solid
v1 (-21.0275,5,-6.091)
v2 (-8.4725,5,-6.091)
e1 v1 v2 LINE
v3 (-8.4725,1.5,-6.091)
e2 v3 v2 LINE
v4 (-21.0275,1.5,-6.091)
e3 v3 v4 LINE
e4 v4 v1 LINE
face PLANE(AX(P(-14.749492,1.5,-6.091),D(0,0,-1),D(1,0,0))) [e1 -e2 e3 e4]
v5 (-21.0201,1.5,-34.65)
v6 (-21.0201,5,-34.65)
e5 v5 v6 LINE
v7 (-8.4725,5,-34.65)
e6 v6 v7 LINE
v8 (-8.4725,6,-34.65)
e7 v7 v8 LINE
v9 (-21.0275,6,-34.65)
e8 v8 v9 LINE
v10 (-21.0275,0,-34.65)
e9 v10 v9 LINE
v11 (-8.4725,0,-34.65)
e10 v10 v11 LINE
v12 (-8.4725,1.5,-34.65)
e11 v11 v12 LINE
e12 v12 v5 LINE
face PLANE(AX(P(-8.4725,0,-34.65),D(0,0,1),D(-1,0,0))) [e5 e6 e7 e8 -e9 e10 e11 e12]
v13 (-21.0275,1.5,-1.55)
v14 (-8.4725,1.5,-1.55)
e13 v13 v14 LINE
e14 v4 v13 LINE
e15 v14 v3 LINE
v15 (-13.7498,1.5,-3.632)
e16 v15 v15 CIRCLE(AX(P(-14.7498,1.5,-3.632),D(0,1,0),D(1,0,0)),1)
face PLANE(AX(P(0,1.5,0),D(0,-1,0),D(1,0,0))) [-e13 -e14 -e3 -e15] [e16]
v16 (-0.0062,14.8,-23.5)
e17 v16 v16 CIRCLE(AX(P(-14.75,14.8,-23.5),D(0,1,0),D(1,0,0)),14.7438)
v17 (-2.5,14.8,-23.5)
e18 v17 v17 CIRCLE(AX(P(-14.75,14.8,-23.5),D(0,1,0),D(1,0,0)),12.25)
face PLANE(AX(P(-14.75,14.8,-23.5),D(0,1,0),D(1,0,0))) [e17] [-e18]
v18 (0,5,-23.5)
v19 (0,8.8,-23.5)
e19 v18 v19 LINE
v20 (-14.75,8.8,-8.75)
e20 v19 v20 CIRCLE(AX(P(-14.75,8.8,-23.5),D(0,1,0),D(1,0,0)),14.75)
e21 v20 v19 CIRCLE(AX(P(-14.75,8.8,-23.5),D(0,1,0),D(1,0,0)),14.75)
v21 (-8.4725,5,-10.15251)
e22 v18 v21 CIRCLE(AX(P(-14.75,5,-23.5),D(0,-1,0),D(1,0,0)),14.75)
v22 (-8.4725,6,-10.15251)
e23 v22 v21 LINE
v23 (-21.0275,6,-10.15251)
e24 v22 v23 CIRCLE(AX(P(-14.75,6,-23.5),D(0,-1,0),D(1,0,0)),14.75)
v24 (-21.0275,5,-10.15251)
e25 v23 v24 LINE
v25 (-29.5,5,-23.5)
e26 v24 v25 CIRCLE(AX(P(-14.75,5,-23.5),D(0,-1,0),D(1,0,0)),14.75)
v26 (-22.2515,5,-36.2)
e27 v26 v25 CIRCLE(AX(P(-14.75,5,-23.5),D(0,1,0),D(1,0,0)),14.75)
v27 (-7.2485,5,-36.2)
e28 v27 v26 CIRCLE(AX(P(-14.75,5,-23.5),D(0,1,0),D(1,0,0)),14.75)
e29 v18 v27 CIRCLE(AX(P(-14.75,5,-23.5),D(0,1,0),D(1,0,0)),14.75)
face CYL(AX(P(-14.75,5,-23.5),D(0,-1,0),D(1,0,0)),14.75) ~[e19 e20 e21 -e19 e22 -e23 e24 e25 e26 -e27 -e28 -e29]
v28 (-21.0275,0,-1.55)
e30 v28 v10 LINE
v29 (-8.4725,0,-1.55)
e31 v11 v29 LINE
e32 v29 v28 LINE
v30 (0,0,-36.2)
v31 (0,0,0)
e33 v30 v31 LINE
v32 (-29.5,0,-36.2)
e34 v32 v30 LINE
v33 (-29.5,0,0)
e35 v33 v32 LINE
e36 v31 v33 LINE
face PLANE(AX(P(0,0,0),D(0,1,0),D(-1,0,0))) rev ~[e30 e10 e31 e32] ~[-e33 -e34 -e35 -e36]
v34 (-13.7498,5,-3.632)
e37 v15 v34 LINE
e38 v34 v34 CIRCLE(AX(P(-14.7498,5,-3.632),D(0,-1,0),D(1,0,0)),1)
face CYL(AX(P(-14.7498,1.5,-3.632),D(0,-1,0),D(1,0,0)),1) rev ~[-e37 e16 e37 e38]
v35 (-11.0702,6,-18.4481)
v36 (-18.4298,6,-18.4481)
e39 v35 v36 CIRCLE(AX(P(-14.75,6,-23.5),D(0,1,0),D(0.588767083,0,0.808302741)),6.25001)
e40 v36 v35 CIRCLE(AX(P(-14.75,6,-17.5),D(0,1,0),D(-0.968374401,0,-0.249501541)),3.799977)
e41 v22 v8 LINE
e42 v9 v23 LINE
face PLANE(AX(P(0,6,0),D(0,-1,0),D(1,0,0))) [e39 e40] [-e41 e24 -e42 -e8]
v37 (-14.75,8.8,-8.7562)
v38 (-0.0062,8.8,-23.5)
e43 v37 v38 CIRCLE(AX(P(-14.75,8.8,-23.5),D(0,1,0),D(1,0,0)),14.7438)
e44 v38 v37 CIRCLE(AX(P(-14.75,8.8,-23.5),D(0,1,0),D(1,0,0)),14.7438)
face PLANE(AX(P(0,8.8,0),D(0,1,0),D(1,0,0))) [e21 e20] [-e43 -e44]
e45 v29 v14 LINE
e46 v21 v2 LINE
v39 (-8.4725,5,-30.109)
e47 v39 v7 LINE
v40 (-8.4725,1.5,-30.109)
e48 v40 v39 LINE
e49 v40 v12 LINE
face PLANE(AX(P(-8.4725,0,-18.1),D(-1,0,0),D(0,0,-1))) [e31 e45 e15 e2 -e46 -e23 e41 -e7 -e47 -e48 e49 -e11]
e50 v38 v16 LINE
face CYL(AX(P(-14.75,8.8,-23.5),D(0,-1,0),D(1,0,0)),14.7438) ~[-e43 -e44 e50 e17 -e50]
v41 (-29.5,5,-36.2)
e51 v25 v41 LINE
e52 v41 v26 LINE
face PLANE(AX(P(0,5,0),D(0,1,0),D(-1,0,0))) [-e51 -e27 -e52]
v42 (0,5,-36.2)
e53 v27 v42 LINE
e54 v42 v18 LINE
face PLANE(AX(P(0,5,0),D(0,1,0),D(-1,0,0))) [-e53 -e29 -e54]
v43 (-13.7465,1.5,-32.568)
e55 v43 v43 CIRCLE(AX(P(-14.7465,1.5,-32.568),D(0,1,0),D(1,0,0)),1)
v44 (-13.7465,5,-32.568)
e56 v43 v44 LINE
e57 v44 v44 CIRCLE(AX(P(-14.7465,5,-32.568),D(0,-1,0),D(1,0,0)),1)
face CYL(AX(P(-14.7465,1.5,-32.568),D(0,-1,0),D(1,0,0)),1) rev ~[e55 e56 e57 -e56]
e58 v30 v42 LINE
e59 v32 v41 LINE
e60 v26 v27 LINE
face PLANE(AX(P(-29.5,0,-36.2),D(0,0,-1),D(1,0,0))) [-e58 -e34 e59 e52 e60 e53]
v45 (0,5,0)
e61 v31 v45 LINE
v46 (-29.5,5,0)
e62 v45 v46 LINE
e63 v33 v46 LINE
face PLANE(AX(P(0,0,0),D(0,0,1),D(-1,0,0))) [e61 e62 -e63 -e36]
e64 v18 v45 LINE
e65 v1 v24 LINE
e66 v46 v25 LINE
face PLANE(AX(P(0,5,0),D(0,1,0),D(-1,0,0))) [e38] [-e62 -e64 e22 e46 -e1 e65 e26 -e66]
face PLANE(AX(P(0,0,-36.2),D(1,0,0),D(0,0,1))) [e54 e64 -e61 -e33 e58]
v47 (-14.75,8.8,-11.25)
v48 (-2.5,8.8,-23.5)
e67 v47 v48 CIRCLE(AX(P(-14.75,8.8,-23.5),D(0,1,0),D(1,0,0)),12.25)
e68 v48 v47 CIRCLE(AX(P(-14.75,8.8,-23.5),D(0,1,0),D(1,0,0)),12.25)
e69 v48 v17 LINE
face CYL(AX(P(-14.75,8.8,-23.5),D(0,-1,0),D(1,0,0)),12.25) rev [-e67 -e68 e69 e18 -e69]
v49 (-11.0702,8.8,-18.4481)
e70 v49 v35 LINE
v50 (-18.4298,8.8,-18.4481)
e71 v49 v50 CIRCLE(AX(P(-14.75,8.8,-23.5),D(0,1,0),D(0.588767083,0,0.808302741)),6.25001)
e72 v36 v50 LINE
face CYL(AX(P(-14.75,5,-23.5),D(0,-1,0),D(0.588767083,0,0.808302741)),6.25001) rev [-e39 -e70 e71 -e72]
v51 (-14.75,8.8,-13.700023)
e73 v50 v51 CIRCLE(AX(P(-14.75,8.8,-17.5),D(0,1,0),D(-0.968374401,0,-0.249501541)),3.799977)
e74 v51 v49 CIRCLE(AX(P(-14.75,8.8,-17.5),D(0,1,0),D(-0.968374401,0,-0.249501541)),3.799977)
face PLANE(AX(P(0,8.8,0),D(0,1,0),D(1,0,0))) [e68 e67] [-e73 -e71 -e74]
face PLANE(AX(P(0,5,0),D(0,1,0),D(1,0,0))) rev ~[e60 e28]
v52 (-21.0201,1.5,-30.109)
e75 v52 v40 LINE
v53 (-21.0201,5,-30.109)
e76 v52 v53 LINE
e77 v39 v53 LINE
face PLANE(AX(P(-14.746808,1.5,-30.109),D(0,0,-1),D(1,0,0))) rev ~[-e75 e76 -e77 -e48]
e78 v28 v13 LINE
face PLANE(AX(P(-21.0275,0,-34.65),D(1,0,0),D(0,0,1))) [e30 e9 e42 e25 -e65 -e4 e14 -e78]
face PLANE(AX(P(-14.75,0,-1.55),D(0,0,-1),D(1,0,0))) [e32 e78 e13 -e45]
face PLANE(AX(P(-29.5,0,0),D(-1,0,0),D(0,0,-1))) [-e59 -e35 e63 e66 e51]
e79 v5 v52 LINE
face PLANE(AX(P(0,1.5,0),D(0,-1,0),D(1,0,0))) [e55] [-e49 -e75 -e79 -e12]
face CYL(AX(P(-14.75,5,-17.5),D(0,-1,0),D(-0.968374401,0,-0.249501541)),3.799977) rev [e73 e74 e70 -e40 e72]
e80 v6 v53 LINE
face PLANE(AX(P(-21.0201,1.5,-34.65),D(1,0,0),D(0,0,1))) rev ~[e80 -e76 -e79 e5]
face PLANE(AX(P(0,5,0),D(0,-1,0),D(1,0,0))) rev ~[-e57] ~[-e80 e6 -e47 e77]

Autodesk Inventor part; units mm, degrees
ref_plane "YZ Plane" through (0, 0, 0) normal (1, 0, 0) x (0, 1, 0)
ref_plane "XZ Plane" through (0, 0, 0) normal (0, 1, 0) x (-1, 0, 0)
sketch "Sketch1" plane through (0, 0, 0) normal (0, 1, 0) x (-1, 0, 0)
  line L0 (0, 0) -> (29.5, 0)
  line L1 (29.5, 0) -> (29.5, -36.2)
  line L2 (29.5, -36.2) -> (0, -36.2)
  line L3 (0, -36.2) -> (0, 0)
  dimension "d0" = 29.5
  dimension "d1" = 36.2
extrude "Extrusion1" add sketch "Sketch1" along normal blind 5
sketch "Sketch2" plane through (0, 5, 0) normal (0, 1, 0) x (1, 0, 0)
  line L0 (-29.5, 0) -> (0, 0) projected
  line L1 (-14.75, 0) -> (-14.75, 17.5)
  arc A0 (-18.4298, 18.4481) -> (-11.0702, 18.4481) centre (-14.75, 17.5) ccw
  line L2 (-14.75, 17.5) -> (-14.75, 23.5)
  arc A1 (-11.0702, 18.4481) -> (-18.4298, 18.4481) centre (-14.75, 23.5) ccw
  circle A2 centre (-14.75, 23.5) radius 12.175
  circle A3 centre (-14.75, 23.5) radius 14.75
  dimension "d4" = 17.5
  dimension "d5" = 7.6
  dimension "d6" = 6
  dimension "d7" = 12.5
  dimension "d8" = 24.35
  dimension "d9" = 29.5
extrude "Extrusion2" add sketch "Sketch2" along normal blind 3.8 contours A2 | A3
sketch "Sketch4" plane through (-14.75, 8.8, -23.5) normal (0, 1, 0) x (1, 0, 0)
  circle A0 centre (0, 0) radius 12.25
  circle A1 centre (0, 0) radius 14.7438
  point P0 (14.75, -23.5)
  dimension "d12" = 24.5
extrude "Extrusion3" add sketch "Sketch4" along normal blind 6
sketch "Sketch5" plane through (-14.75, 8.8, -23.5) normal (0, 1, 0) x (1, 0, 0)
  arc A0 (-3.6798, -5.0519) -> (3.6798, -5.0519) centre (0, -6) ccw projected
  arc A1 (3.6798, -5.0519) -> (-3.6798, -5.0519) centre (0, 0) ccw projected
  point P0 (14.75, -23.5)
extrude "Extrusion4" cut sketch "Sketch5" against normal up to surface (8.8 mm away)
sketch "Sketch6" plane through (0, 0, 0) normal (0, -1, 0) x (1, 0, 0)
  arc A0 (-11.0702, -18.4481) -> (-18.4298, -18.4481) centre (-14.75, -17.5) ccw projected
  arc A1 (-18.4298, -18.4481) -> (-11.0702, -18.4481) centre (-14.75, -23.5) ccw projected
  line L0 (0, 0) -> (-29.5, 0) projected
  line L1 (-29.5, 0) -> (-29.5, -36.2) projected
  line L2 (-29.5, -36.2) -> (0, -36.2) projected
  line L3 (0, -36.2) -> (0, 0) projected
  line L4 (-14.75, 0) -> (-14.75, -36.2)
  line L5 (0, -36.2) -> (0, 0) projected
  line L6 (0, -18.1) -> (-29.5, -18.1)
  line L7 (-21.0275, -1.55) -> (-8.4725, -1.55)
  line L8 (-8.4725, -1.55) -> (-8.4725, -34.65)
  line L9 (-8.4725, -34.65) -> (-21.0275, -34.65)
  line L10 (-21.0275, -34.65) -> (-21.0275, -1.55)
  line L11 (-21.0275, -1.55) -> (-8.4725, -34.65) construction
  line L12 (-8.4725, -1.55) -> (-21.0275, -34.65) construction
  point P0 (-14.75, -18.1)
  dimension "d17" = 12.555
  dimension "d18" = 33.1
extrude "Extrusion5" cut sketch "Sketch6" against normal blind 6 contours A0 L6 L8 L9 L4 A1 | A0 L4 L7 L8 L6 | L4 L9 L10 L6 A0 A1 | A0 L6 L10 L7 L4
ref_plane "Work Plane1" through (0, 1.5, 0) normal (0, -1, 0) x (1, 0, 0)
sketch "Sketch7" plane through (0, 1.5, 0) normal (0, -1, 0) x (1, 0, 0)
  line L0 (-8.4725, -1.55) -> (-8.4725, -34.65) projected
  line L1 (-8.4725, -34.65) -> (-21.0275, -34.65) projected
  line L2 (-21.0275, -1.55) -> (-8.4725, -1.55) projected
  line L3 (-21.0275, -34.65) -> (-21.0275, -1.55) projected
  line L4 (-8.4725, -1.55) -> (-21.0275, -1.55)
  line L5 (-21.0275, -1.55) -> (-21.0275, -6.091)
  line L6 (-21.0275, -6.091) -> (-8.4725, -6.091)
  line L7 (-8.4725, -6.091) -> (-8.4725, -1.55)
  line L8 (-8.4725, -34.65) -> (-21.0201, -34.65)
  line L9 (-21.0201, -34.65) -> (-21.0201, -30.109)
  line L10 (-21.0201, -30.109) -> (-8.4725, -30.109)
  line L11 (-8.4725, -30.109) -> (-8.4725, -34.65)
  line L12 (-14.75, -1.55) -> (-14.7463, -34.65)
  line L13 (-14.75, -1.55) -> (-14.7498, -3.632)
  line L14 (-14.7463, -34.65) -> (-14.7465, -32.568)
  circle A0 centre (-14.7498, -3.632) radius 1
  circle A1 centre (-14.7465, -32.568) radius 1
  point P0 (0, 0)
  dimension "d22" = 4.541
  dimension "d23" = 12.555
  dimension "d24" = 4.541
  dimension "d25" = 12.5476
  dimension "d26" = 2.082
  dimension "d27" = 0
  dimension "d28" = 2.082
  dimension "d29" = 0
  dimension "d30" = 2
  dimension "d31" = 2
extrude "Extrusion6" add sketch "Sketch7" against normal up to surface (3.5 mm away) contours L0 L6 L12 A0 L2 | L12 A0 L6 L3 L2 | L0 L1 L12 A1 L10 | L12 A1 L1 L9 L10
properties part number "middle"
